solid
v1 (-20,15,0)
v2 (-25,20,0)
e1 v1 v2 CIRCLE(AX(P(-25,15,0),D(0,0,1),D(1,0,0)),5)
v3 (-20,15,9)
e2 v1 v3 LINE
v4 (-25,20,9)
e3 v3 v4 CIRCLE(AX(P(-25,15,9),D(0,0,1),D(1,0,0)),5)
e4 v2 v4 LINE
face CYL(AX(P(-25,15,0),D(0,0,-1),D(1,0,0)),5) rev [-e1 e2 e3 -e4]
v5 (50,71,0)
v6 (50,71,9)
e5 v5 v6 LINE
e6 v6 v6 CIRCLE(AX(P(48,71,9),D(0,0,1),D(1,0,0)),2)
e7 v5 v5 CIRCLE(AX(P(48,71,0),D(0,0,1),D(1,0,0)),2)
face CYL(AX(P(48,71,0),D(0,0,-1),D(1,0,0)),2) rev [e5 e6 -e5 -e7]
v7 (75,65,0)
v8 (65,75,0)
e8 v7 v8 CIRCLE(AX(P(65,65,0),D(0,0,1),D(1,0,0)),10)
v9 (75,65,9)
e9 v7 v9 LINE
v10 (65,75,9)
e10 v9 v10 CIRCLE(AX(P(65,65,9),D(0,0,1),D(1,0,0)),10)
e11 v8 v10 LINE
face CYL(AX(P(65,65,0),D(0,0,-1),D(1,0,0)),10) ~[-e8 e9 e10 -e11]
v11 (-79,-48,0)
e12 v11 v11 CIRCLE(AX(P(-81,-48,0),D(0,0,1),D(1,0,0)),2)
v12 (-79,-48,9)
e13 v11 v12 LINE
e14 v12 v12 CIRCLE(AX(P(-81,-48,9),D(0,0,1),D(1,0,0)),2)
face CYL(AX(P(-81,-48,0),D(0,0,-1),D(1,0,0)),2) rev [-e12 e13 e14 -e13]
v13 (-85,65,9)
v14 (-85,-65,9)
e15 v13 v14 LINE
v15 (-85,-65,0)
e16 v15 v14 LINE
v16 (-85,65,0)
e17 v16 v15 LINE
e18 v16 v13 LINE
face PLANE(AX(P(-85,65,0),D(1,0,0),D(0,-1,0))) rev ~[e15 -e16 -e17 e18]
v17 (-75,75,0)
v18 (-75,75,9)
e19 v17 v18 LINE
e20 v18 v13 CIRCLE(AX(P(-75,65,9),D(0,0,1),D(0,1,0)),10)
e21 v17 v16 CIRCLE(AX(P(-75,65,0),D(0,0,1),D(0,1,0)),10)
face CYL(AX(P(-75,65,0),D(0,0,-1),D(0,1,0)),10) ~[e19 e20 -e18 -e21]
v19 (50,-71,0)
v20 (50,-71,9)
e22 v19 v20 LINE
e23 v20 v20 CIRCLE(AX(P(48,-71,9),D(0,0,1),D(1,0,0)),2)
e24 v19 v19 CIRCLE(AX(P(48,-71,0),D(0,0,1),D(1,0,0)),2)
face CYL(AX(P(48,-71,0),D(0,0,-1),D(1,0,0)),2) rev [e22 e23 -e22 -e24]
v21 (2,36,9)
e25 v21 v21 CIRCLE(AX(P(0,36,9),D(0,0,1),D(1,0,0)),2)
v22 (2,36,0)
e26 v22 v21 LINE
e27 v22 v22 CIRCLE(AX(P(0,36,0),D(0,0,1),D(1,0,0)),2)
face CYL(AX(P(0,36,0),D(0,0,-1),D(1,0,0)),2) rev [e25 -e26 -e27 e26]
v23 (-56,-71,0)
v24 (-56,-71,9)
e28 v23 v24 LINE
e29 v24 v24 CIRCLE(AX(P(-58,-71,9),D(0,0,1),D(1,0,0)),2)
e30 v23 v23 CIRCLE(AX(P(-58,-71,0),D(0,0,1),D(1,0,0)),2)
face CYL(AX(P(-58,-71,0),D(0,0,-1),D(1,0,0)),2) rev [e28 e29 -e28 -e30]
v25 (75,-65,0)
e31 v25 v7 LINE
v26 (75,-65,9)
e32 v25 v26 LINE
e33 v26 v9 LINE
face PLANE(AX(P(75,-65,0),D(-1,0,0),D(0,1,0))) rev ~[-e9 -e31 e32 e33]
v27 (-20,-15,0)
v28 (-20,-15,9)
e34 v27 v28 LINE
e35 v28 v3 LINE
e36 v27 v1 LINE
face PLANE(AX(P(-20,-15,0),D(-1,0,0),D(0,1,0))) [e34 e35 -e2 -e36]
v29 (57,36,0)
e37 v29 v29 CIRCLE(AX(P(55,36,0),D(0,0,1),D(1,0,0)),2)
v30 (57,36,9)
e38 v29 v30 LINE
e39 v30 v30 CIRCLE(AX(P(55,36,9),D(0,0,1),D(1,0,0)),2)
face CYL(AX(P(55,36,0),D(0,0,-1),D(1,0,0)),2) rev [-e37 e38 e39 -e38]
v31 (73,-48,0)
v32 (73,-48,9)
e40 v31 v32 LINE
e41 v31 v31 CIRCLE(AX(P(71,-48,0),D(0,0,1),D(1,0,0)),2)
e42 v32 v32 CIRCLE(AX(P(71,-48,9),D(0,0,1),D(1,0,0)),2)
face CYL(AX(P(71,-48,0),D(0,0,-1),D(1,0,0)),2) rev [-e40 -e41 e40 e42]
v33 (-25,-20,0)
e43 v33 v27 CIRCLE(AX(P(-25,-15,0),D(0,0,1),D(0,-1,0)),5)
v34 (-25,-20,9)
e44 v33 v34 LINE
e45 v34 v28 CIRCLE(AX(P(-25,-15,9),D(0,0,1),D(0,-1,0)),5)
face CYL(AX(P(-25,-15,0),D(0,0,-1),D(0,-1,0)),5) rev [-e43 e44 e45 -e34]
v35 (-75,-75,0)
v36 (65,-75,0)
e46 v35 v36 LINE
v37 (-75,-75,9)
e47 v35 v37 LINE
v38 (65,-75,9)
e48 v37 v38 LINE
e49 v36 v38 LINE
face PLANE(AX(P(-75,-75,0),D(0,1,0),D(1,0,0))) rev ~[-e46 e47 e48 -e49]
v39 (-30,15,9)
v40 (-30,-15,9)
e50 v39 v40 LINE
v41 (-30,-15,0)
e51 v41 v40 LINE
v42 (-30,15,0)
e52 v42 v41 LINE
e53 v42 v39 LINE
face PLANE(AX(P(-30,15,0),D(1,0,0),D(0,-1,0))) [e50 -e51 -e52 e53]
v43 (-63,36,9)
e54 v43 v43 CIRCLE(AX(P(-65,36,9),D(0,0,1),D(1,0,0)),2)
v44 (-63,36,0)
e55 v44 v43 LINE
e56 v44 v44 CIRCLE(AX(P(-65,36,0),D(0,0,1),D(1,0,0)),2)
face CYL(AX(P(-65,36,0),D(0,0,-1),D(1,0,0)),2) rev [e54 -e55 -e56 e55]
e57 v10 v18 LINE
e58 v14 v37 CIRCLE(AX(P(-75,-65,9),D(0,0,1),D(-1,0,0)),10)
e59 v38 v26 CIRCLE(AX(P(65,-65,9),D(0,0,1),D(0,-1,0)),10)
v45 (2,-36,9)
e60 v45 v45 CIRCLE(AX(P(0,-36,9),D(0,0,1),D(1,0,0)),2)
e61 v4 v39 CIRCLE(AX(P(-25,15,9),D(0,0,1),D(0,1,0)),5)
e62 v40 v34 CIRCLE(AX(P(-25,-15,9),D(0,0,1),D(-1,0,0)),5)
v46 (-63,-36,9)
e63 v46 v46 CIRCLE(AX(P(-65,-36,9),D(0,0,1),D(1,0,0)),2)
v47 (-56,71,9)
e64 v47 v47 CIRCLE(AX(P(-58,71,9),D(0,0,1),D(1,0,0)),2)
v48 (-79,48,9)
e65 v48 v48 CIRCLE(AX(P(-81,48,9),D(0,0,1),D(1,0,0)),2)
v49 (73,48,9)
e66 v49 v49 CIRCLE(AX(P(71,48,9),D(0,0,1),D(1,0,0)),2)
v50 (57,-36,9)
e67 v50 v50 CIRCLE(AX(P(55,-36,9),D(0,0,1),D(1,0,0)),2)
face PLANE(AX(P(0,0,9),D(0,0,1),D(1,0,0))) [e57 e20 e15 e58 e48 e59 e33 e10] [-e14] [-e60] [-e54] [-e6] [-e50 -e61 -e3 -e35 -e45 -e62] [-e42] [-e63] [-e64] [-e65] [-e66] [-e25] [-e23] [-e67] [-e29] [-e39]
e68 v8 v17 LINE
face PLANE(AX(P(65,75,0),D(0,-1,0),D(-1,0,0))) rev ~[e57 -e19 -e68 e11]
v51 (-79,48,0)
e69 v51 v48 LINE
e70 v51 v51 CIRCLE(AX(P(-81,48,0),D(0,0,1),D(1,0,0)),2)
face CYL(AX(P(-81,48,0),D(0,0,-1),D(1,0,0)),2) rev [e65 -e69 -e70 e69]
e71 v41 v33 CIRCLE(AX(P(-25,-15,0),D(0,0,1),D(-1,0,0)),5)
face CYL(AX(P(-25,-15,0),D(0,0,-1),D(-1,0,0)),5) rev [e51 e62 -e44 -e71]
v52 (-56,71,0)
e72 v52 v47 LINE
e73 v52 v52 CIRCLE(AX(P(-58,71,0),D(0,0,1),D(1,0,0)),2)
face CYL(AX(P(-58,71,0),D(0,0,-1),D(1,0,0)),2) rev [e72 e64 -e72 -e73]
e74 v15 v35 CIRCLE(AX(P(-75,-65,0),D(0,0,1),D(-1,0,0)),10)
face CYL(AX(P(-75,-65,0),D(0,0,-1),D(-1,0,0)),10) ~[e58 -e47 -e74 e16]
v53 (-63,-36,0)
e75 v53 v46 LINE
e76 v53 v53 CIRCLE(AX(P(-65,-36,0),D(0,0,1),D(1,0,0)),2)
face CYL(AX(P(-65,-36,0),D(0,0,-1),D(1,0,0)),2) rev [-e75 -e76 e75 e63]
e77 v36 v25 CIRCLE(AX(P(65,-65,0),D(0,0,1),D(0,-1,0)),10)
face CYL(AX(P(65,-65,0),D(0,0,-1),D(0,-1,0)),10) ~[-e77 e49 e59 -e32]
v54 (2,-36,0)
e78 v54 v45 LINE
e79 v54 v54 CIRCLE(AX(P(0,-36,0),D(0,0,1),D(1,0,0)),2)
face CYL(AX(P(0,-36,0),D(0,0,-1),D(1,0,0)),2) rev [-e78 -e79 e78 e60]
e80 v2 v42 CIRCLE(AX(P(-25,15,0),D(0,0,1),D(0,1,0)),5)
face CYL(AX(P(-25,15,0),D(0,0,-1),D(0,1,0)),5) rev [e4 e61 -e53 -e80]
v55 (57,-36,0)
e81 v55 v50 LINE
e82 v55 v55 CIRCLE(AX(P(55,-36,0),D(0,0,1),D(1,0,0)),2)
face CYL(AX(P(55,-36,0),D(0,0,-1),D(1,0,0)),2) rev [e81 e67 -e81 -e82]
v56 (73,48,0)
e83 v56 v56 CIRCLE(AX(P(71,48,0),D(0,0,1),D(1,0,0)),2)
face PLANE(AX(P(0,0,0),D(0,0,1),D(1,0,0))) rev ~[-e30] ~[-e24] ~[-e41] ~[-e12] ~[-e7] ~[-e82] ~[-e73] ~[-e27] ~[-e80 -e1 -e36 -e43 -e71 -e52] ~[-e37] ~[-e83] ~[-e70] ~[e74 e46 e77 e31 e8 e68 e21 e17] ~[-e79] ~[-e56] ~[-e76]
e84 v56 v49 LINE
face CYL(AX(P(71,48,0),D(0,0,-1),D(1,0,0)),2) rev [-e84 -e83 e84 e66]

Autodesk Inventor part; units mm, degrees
ref_plane "YZ Plane" through (0, 0, 0) normal (1, 0, 0) x (0, 1, 0)
ref_plane "XZ Plane" through (0, 0, 0) normal (0, 1, 0) x (-1, 0, 0)
ref_plane "XY Plane" through (0, 0, 0) normal (0, 0, 1) x (1, 0, 0)
sketch "Schizzo1" plane through (0, 0, 0) normal (0, 0, 1) x (1, 0, 0)
  line L0 (75, -65) -> (75, 65)
  line L1 (65, 75) -> (-75, 75)
  line L2 (-85, 65) -> (-85, -65)
  line L3 (-75, -75) -> (65, -75)
  circle A0 centre (0, -36) radius 2
  circle A1 centre (0, 36) radius 2
  circle A2 centre (55, -36) radius 2
  circle A3 centre (55, 36) radius 2
  circle A4 centre (-65, -36) radius 2
  circle A5 centre (-65, 36) radius 2
  arc A6 (-85, -65) -> (-75, -75) centre (-75, -65) ccw
  arc A7 (-75, 75) -> (-85, 65) centre (-75, 65) ccw
  arc A8 (75, 65) -> (65, 75) centre (65, 65) ccw
  arc A9 (65, -75) -> (75, -65) centre (65, -65) ccw
  line L4 (-25, -20) -> (-25, -20)
  line L5 (-20, -15) -> (-20, 15)
  line L6 (-25, 20) -> (-25, 20)
  line L7 (-30, 15) -> (-30, -15)
  arc A10 (-30, -15) -> (-25, -20) centre (-25, -15) ccw
  arc A11 (-25, -20) -> (-20, -15) centre (-25, -15) ccw
  arc A12 (-20, 15) -> (-25, 20) centre (-25, 15) ccw
  arc A13 (-25, 20) -> (-30, 15) centre (-25, 15) ccw
  line L8 (75, -65) -> (75, 65)
  line L9 (65, 75) -> (-75, 75)
  line L10 (-85, 65) -> (-85, -65)
  line L11 (-75, -75) -> (65, -75)
  arc A14 (-85, -65) -> (-75, -75) centre (-75, -65) ccw
  arc A15 (-75, 75) -> (-85, 65) centre (-75, 65) ccw
  arc A16 (75, 65) -> (65, 75) centre (65, 65) ccw
  arc A17 (65, -75) -> (75, -65) centre (65, -65) ccw
  circle A18 centre (-81, 48) radius 2
  circle A19 centre (-81, -48) radius 2
  circle A20 centre (71, 48) radius 2
  circle A21 centre (71, -48) radius 2
  circle A22 centre (-58, -71) radius 2
  circle A23 centre (-58, 71) radius 2
  circle A24 centre (48, 71) radius 2
  circle A25 centre (48, -71) radius 2
  point P0 (0, 0)
  point P1 (0, 0)
  point P2 (0, 0)
  point P3 (-25, 0)
  dimension "d0" = 4
  dimension "d1" = 4
  dimension "d2" = 4
  dimension "d3" = 4
  dimension "d4" = 4
  dimension "d5" = 4
  dimension "d6" = 10
  dimension "d7" = 5
  dimension "d8" = 10
  dimension "d9" = 4
  dimension "d10" = 4
  dimension "d11" = 4
  dimension "d12" = 4
  dimension "d13" = 4
  dimension "d14" = 4
  dimension "d15" = 4
  dimension "d16" = 4
extrude "Estrusione1" add sketch "Schizzo1" along normal blind 9
